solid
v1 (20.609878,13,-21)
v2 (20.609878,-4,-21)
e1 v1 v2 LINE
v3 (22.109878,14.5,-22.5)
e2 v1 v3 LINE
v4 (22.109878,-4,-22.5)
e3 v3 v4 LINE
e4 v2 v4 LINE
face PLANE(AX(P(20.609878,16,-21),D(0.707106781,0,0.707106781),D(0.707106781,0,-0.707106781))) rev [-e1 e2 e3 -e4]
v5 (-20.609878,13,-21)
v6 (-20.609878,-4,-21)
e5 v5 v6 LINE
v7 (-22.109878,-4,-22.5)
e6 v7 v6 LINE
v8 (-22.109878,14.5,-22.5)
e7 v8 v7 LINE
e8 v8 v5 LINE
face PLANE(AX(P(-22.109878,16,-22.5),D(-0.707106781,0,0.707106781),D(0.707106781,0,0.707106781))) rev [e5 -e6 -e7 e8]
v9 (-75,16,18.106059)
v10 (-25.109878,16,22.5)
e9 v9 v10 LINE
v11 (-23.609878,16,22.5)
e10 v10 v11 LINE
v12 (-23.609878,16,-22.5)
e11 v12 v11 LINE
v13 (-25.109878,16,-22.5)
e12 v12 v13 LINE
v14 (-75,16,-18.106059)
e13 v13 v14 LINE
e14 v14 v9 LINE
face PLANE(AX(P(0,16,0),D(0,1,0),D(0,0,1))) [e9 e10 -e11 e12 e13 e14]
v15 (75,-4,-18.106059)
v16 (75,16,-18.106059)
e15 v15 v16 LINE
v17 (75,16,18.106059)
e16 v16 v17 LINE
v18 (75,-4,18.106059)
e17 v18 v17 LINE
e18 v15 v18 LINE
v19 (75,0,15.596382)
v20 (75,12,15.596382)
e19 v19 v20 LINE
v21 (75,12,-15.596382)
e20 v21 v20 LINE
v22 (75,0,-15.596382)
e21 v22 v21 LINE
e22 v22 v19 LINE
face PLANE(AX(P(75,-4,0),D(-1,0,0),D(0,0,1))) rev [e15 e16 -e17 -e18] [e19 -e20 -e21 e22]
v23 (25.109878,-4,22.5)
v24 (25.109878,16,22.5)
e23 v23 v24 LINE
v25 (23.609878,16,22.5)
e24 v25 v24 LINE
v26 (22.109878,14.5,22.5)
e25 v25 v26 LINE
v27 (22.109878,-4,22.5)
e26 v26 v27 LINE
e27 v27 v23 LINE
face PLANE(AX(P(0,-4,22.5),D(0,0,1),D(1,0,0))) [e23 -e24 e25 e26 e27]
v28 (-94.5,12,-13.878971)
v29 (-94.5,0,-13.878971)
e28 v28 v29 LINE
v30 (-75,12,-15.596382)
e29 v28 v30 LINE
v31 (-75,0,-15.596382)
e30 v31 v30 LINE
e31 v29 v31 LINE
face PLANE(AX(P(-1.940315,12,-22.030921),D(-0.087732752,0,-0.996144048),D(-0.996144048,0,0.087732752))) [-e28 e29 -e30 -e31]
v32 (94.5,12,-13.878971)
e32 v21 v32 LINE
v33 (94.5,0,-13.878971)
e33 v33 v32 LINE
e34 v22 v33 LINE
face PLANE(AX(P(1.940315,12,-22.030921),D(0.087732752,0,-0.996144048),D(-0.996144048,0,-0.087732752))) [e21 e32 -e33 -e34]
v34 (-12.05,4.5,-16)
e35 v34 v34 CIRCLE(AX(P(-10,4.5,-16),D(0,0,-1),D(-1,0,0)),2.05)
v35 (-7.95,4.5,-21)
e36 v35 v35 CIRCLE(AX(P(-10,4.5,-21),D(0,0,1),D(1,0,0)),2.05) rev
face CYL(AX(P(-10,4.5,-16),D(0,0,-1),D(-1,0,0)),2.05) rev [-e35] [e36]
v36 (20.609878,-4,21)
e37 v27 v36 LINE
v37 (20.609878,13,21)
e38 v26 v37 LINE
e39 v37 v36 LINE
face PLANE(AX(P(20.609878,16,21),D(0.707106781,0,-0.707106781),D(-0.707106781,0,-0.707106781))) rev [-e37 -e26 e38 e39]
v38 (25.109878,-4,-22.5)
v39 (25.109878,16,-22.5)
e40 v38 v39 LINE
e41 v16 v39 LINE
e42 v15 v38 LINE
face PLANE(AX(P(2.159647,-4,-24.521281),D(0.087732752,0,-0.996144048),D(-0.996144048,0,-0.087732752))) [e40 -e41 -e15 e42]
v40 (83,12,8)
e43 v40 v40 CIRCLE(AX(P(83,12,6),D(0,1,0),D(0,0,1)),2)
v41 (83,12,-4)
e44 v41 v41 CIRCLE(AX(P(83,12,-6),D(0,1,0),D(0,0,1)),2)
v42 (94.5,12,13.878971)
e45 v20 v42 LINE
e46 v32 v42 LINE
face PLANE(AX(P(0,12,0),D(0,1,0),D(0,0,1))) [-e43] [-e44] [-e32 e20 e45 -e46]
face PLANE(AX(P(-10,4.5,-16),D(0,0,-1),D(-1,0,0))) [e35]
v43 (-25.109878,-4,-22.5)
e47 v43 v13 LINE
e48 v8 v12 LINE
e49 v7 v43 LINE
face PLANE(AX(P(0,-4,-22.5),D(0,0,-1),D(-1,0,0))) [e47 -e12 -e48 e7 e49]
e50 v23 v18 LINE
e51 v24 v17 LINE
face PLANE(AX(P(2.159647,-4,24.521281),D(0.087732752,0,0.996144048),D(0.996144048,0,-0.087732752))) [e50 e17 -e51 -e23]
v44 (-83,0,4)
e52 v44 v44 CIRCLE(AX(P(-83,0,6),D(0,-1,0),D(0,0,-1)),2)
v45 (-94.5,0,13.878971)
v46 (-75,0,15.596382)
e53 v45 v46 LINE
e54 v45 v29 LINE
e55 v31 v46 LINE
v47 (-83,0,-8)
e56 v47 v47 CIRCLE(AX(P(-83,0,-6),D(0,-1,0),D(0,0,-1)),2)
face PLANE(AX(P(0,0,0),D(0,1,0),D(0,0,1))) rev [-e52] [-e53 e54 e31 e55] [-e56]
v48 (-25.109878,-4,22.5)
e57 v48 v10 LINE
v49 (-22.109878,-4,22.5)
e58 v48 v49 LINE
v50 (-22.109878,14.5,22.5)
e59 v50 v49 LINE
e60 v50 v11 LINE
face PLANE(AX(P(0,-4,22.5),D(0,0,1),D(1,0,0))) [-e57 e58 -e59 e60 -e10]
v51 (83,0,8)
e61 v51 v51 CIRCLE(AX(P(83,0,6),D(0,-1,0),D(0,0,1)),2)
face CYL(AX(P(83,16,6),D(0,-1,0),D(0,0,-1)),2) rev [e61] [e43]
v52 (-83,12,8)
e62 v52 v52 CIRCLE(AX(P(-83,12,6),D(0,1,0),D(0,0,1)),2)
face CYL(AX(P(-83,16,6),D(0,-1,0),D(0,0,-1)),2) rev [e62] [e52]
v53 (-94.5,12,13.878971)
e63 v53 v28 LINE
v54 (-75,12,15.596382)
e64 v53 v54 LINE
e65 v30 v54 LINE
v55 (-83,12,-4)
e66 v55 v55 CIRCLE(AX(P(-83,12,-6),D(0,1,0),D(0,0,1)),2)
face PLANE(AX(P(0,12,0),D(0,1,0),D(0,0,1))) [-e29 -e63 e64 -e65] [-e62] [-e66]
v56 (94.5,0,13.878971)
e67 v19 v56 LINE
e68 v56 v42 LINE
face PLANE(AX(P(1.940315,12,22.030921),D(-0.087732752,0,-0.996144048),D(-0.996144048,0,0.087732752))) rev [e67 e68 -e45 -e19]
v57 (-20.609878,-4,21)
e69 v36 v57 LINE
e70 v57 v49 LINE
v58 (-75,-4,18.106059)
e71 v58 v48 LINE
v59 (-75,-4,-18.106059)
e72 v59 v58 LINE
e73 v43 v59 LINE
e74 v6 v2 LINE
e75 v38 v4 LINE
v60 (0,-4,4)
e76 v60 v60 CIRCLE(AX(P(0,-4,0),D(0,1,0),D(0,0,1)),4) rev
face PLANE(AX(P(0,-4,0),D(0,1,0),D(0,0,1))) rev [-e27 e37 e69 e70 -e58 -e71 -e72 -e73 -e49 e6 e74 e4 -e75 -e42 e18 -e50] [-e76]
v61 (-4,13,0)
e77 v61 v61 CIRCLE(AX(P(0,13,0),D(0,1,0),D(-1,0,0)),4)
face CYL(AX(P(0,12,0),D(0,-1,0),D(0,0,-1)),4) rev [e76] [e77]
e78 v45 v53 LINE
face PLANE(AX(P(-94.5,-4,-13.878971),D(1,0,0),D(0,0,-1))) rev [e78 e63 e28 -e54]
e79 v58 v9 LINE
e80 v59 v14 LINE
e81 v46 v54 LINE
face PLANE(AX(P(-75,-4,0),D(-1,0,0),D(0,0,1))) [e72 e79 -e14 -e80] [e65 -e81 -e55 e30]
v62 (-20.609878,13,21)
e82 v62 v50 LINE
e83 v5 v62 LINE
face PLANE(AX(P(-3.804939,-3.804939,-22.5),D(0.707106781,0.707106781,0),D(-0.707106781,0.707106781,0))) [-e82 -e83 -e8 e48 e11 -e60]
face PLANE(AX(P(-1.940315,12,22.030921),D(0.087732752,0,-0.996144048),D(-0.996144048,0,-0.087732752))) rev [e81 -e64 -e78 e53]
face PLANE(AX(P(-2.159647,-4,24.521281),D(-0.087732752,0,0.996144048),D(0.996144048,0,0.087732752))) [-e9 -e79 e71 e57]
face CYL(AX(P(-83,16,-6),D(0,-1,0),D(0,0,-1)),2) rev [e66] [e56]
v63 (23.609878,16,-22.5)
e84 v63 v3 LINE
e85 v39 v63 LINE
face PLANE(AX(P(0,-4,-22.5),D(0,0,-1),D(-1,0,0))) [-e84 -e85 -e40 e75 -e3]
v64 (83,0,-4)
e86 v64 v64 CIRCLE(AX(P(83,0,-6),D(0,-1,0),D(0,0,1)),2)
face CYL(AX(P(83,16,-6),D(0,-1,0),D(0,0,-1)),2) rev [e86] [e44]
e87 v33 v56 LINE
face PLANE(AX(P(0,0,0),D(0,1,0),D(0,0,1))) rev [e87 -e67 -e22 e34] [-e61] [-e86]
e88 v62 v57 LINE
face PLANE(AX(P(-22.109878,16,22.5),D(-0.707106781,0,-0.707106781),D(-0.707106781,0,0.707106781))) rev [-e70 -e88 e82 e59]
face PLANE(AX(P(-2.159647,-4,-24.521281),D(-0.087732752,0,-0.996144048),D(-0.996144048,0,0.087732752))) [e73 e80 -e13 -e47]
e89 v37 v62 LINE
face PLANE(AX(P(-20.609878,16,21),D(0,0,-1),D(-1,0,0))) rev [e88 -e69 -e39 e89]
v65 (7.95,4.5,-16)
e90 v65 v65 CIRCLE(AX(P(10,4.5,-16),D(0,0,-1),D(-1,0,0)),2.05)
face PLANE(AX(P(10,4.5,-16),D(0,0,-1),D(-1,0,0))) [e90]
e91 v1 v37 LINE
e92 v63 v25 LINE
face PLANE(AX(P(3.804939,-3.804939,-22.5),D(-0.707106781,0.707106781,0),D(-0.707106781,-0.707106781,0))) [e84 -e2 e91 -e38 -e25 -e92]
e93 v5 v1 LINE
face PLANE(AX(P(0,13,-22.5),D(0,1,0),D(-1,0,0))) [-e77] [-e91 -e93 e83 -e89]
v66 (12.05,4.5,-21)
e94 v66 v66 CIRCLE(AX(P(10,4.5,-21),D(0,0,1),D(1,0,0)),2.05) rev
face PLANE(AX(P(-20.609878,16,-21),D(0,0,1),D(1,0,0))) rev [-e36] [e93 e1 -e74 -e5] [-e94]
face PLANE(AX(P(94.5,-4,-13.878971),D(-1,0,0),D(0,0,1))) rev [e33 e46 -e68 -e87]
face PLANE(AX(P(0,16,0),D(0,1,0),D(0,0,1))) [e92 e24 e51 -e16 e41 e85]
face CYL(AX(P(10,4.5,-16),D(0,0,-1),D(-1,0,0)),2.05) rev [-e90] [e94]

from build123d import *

# Parameters (mm, degrees)
SKETCH1_R                = 4
BOSS_EXTRUDE1_DEPTH      = 12
SKETCH2_R                = 4
BOSS_EXTRUDE2_DEPTH      = 4
BOSS_EXTRUDE2_DEPTH_BACK = 16
CUT_EXTRUDE1_DEPTH       = 1
CUT_EXTRUDE1_DEPTH_BACK  = 46
SKETCH6_R                = 2.05
CUT_EXTRUDE3_DEPTH       = 6.5
SKETCH7_R                = 2
CUT_EXTRUDE4_DEPTH       = 17
CUT_EXTRUDE5_DEPTH       = 1
CUT_EXTRUDE5_DEPTH_BACK  = 21
CUT_EXTRUDE6_DEPTH       = 17


with BuildPart() as part:
    # Sketch1 → Boss-Extrude1 (new body)
    with BuildSketch(Plane(origin=(0, 0, 0), x_dir=(1, 0, 0), z_dir=(0, 1, 0))):
        Polygon((25, 20), (-25, 20), (-95, 13.834935185), (-95, -13.834935185), (-25, -20), (25, -20), (95, -13.834935185), (95, 13.834935185), align=None)
        Circle(SKETCH1_R, mode=Mode.SUBTRACT)
    extrude(amount=BOSS_EXTRUDE1_DEPTH)

    # Sketch2 → Boss-Extrude2 (add, two sides)
    with BuildSketch(Plane(origin=(0, 12, 0), x_dir=(1, 0, 0), z_dir=(0, 1, 0))) as boss_extrude2_sk:
        Polygon((-25, 20), (-75, 15.596382275), (-75, -15.596382275), (-25, -20), (25, -20), (75, -15.596382275), (75, 15.596382275), (25, 20), align=None)
        Circle(SKETCH2_R, mode=Mode.SUBTRACT)
        Polygon((-25, -20), (-75, -15.596382275), (-75, -18.10605947), (-25.109877781, -22.5), (25.109877781, -22.5), (75, -18.10605947), (75, -15.596382275), (25, -20), align=None)
        Polygon((-25.109877781, 22.5), (-75, 18.10605947), (-75, 15.596382275), (-25, 20), (25, 20), (75, 15.596382275), (75, 18.10605947), (25.109877781, 22.5), align=None)
    extrude(amount=BOSS_EXTRUDE2_DEPTH)
    extrude(boss_extrude2_sk.sketch, amount=-BOSS_EXTRUDE2_DEPTH_BACK)

    # Sketch3 → Cut-Extrude1 (cut, two sides)
    with BuildSketch(Plane.XY.offset(22.5)) as cut_extrude1_sk:
        Polygon((23.609877781, 16), (-23.609877781, 16), (-20.609877781, 13), (20.609877781, 13), align=None)
    extrude(amount=CUT_EXTRUDE1_DEPTH, mode=Mode.SUBTRACT)
    extrude(cut_extrude1_sk.sketch, amount=-CUT_EXTRUDE1_DEPTH_BACK, mode=Mode.SUBTRACT)

    # Sketch6 → Cut-Extrude3 (cut)
    with BuildSketch(Plane(origin=(0, 0, -22.5), x_dir=(-1, 0, 0), z_dir=(0, 0, -1))):
        with Locations((-10, 4.5)):
            Circle(SKETCH6_R)
        with Locations((10, 4.5)):
            Circle(SKETCH6_R)
    extrude(amount=-CUT_EXTRUDE3_DEPTH, mode=Mode.SUBTRACT)

    # Sketch7 → Cut-Extrude4 (cut, through all)
    with BuildSketch(Plane.XZ):
        with Locations((-83, -6)):
            Circle(SKETCH7_R)
        with Locations((-83, 6)):
            Circle(SKETCH7_R)
        with Locations((83, 6)):
            Circle(SKETCH7_R)
        with Locations((83, -6)):
            Circle(SKETCH7_R)
    extrude(amount=-CUT_EXTRUDE4_DEPTH, mode=Mode.SUBTRACT)

    # Sketch8 → Cut-Extrude5 (cut, two sides)
    with BuildSketch(Plane.XZ.offset(4)) as cut_extrude5_sk:
        Polygon((-22.109877781, -22.5), (-20.609877781, -21), (20.609877781, -21), (22.109877781, -22.5), align=None)
        Polygon((-22.109877781, 22.5), (22.109877781, 22.5), (20.609877781, 21), (-20.609877781, 21), align=None)
    extrude(amount=CUT_EXTRUDE5_DEPTH, mode=Mode.SUBTRACT)
    extrude(cut_extrude5_sk.sketch, amount=-CUT_EXTRUDE5_DEPTH_BACK, mode=Mode.SUBTRACT)

    # Sketch9 → Cut-Extrude6 (cut, through all)
    with BuildSketch(Plane(origin=(0, 12, 0), x_dir=(1, 0, 0), z_dir=(0, 1, 0))):
        Polygon((-94.5, 13.878971362), (-94.5, -13.878971362), (-95, -13.834935185), (-95, 13.834935185), align=None)
        Polygon((94.5, 13.878971362), (94.5, -13.878971362), (95, -13.834935185), (95, 13.834935185), align=None)
    extrude(amount=-CUT_EXTRUDE6_DEPTH, mode=Mode.SUBTRACT)


solid = part.part
